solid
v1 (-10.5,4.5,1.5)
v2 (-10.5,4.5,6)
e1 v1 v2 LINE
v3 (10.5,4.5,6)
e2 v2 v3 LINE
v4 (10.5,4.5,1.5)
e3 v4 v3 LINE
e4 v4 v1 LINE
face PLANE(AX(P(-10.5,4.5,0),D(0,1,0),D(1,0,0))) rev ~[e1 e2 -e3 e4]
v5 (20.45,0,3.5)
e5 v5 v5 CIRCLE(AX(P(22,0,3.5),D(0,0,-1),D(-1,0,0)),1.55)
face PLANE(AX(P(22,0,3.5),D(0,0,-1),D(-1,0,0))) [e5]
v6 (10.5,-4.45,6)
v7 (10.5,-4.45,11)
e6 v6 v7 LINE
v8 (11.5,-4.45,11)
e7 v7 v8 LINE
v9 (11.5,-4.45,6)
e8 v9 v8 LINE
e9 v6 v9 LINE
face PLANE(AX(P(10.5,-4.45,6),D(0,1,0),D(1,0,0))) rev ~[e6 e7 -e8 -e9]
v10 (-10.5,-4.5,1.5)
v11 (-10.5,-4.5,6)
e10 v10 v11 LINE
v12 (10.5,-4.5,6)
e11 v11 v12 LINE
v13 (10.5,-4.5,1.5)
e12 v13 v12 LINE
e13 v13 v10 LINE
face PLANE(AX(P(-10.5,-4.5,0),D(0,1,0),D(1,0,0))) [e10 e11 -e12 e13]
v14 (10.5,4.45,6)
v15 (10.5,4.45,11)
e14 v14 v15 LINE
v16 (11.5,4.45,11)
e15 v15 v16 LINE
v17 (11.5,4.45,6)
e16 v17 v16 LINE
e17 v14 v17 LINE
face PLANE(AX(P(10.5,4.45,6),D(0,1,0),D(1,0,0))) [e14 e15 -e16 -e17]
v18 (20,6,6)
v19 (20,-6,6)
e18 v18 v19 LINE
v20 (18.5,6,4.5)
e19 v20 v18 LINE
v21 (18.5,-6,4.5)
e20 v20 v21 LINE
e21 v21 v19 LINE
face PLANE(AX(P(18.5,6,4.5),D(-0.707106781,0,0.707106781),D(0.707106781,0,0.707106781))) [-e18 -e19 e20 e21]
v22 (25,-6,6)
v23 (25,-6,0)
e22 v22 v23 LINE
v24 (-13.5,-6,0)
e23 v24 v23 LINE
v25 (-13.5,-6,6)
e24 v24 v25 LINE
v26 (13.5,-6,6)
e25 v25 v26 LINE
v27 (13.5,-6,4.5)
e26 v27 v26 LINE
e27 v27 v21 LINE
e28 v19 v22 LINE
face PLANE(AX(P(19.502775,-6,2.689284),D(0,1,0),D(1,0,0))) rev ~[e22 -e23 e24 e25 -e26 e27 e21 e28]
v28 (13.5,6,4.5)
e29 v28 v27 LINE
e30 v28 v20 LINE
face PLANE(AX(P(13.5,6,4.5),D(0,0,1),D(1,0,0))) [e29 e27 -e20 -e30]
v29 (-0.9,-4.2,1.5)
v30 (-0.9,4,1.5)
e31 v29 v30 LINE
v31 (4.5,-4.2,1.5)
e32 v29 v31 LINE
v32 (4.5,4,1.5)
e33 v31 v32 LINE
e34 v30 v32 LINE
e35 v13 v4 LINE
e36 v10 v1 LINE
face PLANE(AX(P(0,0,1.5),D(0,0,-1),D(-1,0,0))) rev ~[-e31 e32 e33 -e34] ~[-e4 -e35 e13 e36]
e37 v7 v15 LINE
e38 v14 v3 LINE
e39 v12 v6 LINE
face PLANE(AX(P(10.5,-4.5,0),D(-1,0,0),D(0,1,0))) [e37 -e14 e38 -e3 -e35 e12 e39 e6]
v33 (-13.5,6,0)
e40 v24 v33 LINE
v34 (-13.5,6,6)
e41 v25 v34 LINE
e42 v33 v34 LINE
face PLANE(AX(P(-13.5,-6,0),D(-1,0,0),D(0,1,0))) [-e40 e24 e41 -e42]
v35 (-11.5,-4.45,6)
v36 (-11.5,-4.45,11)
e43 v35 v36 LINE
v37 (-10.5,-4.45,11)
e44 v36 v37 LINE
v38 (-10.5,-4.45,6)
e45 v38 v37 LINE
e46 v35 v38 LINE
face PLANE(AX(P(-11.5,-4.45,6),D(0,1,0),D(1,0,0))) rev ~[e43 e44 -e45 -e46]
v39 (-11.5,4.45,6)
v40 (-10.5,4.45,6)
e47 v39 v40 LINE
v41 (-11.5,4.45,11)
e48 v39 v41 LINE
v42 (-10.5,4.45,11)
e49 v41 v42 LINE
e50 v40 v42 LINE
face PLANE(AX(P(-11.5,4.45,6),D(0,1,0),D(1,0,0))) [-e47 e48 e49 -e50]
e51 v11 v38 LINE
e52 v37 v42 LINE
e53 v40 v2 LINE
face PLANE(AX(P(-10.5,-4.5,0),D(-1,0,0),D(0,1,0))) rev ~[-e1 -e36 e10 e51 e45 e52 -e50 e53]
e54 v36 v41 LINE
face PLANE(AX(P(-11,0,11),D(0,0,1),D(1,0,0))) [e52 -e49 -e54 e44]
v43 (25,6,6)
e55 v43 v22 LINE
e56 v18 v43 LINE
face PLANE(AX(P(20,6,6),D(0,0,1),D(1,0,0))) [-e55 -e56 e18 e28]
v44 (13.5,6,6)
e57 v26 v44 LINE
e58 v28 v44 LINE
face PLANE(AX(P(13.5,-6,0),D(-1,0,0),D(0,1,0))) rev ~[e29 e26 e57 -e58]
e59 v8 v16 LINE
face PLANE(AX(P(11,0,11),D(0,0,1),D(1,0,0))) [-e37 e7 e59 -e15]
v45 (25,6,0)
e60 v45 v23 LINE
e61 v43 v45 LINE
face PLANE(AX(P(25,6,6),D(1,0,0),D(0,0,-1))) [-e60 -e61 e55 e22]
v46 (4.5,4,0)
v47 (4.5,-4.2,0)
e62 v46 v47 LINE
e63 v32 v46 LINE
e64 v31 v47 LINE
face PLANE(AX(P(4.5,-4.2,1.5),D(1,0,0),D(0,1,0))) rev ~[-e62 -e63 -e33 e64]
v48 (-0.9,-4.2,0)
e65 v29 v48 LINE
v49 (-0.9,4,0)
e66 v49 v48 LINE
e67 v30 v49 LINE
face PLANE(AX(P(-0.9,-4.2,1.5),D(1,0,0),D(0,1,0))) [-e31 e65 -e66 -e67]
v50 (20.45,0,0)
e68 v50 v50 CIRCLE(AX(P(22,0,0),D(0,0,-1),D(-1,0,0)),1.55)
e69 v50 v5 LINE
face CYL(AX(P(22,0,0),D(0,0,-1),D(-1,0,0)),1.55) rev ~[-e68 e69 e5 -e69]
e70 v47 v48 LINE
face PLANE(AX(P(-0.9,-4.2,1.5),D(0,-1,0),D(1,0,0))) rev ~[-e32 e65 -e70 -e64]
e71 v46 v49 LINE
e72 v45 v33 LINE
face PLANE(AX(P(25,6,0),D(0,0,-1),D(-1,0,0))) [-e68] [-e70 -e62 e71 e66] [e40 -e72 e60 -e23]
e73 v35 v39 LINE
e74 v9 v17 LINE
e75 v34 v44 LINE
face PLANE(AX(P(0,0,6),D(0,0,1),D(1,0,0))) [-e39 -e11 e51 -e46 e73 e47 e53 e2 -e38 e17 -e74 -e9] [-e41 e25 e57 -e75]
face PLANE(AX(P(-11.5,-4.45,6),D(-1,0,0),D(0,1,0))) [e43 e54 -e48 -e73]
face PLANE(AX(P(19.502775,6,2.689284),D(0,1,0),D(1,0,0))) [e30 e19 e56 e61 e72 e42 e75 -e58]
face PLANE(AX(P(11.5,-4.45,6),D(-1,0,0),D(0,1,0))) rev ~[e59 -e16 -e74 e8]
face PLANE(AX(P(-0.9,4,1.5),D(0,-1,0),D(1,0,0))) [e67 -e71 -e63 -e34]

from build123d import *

# Parameters (mm, degrees)
SKETCH_1_W          = 27
SKETCH_1_H          = 12
SKETCH_1_W_2        = 21
SKETCH_1_H_2        = 9
EXTRUDE_1_DEPTH     = 6
SKETCH_2_W          = 21
SKETCH_2_H          = 9
EXTRUDE_2_DEPTH     = 1.5
SKETCH_3_W          = 5.4
SKETCH_3_H          = 8.2
CUT_EXTRUDE_1_DEPTH = 2.5
SKETCH_4_W          = 1
SKETCH_4_H          = 8.9
EXTRUDE_3_DEPTH     = 5
EXTRUDE_5_DEPTH     = 12
SKETCH_9_R          = 1.55
CUT_EXTRUDE_2_DEPTH = 3.5


with BuildPart() as part:
    # 草图1 → 凸台-拉伸1 (new body)
    with BuildSketch(Plane.XY):
        Rectangle(SKETCH_1_W, SKETCH_1_H)
        Rectangle(SKETCH_1_W_2, SKETCH_1_H_2, mode=Mode.SUBTRACT)
    extrude(amount=EXTRUDE_1_DEPTH)

    # 草图2 → 凸台-拉伸2 (add)
    with BuildSketch(Plane(origin=(0, 0, 0), x_dir=(-1, 0, 0), z_dir=(0, 0, -1))):
        Rectangle(SKETCH_2_W, SKETCH_2_H)
    extrude(amount=-EXTRUDE_2_DEPTH)

    # 草图3 → 切除-拉伸1 (cut, through all)
    with BuildSketch(Plane.XY.offset(1.5)):
        with Locations((1.8, -0.1)):
            Rectangle(SKETCH_3_W, SKETCH_3_H)
    extrude(amount=-CUT_EXTRUDE_1_DEPTH, mode=Mode.SUBTRACT)

    # 草图4 → 凸台-拉伸3 (add)
    with BuildSketch(Plane.XY.offset(6)):
        with Locations((-11, 0)):
            Rectangle(SKETCH_4_W, SKETCH_4_H)
        with Locations((11, 0)):
            Rectangle(SKETCH_4_W, SKETCH_4_H)
    extrude(amount=EXTRUDE_3_DEPTH)

    # 草图8 → 凸台-拉伸5 (add)
    with BuildSketch(Plane(origin=(0, 6, 0), x_dir=(1, 0, 0), z_dir=(0, 1, 0))):
        Polygon((13.5, -4.5), (18.5, -4.5), (20, -6), (25, -6), (25, 0), (20, 0), (13.5, 0), (13.5, -1.5), align=None)
    extrude(amount=-EXTRUDE_5_DEPTH)

    # 草图9 → 切除-拉伸2 (cut)
    with BuildSketch(Plane(origin=(0, 0, 0), x_dir=(-1, 0, 0), z_dir=(0, 0, -1))):
        with Locations((-22, 0)):
            Circle(SKETCH_9_R)
    extrude(amount=-CUT_EXTRUDE_2_DEPTH, mode=Mode.SUBTRACT)


solid = part.part
